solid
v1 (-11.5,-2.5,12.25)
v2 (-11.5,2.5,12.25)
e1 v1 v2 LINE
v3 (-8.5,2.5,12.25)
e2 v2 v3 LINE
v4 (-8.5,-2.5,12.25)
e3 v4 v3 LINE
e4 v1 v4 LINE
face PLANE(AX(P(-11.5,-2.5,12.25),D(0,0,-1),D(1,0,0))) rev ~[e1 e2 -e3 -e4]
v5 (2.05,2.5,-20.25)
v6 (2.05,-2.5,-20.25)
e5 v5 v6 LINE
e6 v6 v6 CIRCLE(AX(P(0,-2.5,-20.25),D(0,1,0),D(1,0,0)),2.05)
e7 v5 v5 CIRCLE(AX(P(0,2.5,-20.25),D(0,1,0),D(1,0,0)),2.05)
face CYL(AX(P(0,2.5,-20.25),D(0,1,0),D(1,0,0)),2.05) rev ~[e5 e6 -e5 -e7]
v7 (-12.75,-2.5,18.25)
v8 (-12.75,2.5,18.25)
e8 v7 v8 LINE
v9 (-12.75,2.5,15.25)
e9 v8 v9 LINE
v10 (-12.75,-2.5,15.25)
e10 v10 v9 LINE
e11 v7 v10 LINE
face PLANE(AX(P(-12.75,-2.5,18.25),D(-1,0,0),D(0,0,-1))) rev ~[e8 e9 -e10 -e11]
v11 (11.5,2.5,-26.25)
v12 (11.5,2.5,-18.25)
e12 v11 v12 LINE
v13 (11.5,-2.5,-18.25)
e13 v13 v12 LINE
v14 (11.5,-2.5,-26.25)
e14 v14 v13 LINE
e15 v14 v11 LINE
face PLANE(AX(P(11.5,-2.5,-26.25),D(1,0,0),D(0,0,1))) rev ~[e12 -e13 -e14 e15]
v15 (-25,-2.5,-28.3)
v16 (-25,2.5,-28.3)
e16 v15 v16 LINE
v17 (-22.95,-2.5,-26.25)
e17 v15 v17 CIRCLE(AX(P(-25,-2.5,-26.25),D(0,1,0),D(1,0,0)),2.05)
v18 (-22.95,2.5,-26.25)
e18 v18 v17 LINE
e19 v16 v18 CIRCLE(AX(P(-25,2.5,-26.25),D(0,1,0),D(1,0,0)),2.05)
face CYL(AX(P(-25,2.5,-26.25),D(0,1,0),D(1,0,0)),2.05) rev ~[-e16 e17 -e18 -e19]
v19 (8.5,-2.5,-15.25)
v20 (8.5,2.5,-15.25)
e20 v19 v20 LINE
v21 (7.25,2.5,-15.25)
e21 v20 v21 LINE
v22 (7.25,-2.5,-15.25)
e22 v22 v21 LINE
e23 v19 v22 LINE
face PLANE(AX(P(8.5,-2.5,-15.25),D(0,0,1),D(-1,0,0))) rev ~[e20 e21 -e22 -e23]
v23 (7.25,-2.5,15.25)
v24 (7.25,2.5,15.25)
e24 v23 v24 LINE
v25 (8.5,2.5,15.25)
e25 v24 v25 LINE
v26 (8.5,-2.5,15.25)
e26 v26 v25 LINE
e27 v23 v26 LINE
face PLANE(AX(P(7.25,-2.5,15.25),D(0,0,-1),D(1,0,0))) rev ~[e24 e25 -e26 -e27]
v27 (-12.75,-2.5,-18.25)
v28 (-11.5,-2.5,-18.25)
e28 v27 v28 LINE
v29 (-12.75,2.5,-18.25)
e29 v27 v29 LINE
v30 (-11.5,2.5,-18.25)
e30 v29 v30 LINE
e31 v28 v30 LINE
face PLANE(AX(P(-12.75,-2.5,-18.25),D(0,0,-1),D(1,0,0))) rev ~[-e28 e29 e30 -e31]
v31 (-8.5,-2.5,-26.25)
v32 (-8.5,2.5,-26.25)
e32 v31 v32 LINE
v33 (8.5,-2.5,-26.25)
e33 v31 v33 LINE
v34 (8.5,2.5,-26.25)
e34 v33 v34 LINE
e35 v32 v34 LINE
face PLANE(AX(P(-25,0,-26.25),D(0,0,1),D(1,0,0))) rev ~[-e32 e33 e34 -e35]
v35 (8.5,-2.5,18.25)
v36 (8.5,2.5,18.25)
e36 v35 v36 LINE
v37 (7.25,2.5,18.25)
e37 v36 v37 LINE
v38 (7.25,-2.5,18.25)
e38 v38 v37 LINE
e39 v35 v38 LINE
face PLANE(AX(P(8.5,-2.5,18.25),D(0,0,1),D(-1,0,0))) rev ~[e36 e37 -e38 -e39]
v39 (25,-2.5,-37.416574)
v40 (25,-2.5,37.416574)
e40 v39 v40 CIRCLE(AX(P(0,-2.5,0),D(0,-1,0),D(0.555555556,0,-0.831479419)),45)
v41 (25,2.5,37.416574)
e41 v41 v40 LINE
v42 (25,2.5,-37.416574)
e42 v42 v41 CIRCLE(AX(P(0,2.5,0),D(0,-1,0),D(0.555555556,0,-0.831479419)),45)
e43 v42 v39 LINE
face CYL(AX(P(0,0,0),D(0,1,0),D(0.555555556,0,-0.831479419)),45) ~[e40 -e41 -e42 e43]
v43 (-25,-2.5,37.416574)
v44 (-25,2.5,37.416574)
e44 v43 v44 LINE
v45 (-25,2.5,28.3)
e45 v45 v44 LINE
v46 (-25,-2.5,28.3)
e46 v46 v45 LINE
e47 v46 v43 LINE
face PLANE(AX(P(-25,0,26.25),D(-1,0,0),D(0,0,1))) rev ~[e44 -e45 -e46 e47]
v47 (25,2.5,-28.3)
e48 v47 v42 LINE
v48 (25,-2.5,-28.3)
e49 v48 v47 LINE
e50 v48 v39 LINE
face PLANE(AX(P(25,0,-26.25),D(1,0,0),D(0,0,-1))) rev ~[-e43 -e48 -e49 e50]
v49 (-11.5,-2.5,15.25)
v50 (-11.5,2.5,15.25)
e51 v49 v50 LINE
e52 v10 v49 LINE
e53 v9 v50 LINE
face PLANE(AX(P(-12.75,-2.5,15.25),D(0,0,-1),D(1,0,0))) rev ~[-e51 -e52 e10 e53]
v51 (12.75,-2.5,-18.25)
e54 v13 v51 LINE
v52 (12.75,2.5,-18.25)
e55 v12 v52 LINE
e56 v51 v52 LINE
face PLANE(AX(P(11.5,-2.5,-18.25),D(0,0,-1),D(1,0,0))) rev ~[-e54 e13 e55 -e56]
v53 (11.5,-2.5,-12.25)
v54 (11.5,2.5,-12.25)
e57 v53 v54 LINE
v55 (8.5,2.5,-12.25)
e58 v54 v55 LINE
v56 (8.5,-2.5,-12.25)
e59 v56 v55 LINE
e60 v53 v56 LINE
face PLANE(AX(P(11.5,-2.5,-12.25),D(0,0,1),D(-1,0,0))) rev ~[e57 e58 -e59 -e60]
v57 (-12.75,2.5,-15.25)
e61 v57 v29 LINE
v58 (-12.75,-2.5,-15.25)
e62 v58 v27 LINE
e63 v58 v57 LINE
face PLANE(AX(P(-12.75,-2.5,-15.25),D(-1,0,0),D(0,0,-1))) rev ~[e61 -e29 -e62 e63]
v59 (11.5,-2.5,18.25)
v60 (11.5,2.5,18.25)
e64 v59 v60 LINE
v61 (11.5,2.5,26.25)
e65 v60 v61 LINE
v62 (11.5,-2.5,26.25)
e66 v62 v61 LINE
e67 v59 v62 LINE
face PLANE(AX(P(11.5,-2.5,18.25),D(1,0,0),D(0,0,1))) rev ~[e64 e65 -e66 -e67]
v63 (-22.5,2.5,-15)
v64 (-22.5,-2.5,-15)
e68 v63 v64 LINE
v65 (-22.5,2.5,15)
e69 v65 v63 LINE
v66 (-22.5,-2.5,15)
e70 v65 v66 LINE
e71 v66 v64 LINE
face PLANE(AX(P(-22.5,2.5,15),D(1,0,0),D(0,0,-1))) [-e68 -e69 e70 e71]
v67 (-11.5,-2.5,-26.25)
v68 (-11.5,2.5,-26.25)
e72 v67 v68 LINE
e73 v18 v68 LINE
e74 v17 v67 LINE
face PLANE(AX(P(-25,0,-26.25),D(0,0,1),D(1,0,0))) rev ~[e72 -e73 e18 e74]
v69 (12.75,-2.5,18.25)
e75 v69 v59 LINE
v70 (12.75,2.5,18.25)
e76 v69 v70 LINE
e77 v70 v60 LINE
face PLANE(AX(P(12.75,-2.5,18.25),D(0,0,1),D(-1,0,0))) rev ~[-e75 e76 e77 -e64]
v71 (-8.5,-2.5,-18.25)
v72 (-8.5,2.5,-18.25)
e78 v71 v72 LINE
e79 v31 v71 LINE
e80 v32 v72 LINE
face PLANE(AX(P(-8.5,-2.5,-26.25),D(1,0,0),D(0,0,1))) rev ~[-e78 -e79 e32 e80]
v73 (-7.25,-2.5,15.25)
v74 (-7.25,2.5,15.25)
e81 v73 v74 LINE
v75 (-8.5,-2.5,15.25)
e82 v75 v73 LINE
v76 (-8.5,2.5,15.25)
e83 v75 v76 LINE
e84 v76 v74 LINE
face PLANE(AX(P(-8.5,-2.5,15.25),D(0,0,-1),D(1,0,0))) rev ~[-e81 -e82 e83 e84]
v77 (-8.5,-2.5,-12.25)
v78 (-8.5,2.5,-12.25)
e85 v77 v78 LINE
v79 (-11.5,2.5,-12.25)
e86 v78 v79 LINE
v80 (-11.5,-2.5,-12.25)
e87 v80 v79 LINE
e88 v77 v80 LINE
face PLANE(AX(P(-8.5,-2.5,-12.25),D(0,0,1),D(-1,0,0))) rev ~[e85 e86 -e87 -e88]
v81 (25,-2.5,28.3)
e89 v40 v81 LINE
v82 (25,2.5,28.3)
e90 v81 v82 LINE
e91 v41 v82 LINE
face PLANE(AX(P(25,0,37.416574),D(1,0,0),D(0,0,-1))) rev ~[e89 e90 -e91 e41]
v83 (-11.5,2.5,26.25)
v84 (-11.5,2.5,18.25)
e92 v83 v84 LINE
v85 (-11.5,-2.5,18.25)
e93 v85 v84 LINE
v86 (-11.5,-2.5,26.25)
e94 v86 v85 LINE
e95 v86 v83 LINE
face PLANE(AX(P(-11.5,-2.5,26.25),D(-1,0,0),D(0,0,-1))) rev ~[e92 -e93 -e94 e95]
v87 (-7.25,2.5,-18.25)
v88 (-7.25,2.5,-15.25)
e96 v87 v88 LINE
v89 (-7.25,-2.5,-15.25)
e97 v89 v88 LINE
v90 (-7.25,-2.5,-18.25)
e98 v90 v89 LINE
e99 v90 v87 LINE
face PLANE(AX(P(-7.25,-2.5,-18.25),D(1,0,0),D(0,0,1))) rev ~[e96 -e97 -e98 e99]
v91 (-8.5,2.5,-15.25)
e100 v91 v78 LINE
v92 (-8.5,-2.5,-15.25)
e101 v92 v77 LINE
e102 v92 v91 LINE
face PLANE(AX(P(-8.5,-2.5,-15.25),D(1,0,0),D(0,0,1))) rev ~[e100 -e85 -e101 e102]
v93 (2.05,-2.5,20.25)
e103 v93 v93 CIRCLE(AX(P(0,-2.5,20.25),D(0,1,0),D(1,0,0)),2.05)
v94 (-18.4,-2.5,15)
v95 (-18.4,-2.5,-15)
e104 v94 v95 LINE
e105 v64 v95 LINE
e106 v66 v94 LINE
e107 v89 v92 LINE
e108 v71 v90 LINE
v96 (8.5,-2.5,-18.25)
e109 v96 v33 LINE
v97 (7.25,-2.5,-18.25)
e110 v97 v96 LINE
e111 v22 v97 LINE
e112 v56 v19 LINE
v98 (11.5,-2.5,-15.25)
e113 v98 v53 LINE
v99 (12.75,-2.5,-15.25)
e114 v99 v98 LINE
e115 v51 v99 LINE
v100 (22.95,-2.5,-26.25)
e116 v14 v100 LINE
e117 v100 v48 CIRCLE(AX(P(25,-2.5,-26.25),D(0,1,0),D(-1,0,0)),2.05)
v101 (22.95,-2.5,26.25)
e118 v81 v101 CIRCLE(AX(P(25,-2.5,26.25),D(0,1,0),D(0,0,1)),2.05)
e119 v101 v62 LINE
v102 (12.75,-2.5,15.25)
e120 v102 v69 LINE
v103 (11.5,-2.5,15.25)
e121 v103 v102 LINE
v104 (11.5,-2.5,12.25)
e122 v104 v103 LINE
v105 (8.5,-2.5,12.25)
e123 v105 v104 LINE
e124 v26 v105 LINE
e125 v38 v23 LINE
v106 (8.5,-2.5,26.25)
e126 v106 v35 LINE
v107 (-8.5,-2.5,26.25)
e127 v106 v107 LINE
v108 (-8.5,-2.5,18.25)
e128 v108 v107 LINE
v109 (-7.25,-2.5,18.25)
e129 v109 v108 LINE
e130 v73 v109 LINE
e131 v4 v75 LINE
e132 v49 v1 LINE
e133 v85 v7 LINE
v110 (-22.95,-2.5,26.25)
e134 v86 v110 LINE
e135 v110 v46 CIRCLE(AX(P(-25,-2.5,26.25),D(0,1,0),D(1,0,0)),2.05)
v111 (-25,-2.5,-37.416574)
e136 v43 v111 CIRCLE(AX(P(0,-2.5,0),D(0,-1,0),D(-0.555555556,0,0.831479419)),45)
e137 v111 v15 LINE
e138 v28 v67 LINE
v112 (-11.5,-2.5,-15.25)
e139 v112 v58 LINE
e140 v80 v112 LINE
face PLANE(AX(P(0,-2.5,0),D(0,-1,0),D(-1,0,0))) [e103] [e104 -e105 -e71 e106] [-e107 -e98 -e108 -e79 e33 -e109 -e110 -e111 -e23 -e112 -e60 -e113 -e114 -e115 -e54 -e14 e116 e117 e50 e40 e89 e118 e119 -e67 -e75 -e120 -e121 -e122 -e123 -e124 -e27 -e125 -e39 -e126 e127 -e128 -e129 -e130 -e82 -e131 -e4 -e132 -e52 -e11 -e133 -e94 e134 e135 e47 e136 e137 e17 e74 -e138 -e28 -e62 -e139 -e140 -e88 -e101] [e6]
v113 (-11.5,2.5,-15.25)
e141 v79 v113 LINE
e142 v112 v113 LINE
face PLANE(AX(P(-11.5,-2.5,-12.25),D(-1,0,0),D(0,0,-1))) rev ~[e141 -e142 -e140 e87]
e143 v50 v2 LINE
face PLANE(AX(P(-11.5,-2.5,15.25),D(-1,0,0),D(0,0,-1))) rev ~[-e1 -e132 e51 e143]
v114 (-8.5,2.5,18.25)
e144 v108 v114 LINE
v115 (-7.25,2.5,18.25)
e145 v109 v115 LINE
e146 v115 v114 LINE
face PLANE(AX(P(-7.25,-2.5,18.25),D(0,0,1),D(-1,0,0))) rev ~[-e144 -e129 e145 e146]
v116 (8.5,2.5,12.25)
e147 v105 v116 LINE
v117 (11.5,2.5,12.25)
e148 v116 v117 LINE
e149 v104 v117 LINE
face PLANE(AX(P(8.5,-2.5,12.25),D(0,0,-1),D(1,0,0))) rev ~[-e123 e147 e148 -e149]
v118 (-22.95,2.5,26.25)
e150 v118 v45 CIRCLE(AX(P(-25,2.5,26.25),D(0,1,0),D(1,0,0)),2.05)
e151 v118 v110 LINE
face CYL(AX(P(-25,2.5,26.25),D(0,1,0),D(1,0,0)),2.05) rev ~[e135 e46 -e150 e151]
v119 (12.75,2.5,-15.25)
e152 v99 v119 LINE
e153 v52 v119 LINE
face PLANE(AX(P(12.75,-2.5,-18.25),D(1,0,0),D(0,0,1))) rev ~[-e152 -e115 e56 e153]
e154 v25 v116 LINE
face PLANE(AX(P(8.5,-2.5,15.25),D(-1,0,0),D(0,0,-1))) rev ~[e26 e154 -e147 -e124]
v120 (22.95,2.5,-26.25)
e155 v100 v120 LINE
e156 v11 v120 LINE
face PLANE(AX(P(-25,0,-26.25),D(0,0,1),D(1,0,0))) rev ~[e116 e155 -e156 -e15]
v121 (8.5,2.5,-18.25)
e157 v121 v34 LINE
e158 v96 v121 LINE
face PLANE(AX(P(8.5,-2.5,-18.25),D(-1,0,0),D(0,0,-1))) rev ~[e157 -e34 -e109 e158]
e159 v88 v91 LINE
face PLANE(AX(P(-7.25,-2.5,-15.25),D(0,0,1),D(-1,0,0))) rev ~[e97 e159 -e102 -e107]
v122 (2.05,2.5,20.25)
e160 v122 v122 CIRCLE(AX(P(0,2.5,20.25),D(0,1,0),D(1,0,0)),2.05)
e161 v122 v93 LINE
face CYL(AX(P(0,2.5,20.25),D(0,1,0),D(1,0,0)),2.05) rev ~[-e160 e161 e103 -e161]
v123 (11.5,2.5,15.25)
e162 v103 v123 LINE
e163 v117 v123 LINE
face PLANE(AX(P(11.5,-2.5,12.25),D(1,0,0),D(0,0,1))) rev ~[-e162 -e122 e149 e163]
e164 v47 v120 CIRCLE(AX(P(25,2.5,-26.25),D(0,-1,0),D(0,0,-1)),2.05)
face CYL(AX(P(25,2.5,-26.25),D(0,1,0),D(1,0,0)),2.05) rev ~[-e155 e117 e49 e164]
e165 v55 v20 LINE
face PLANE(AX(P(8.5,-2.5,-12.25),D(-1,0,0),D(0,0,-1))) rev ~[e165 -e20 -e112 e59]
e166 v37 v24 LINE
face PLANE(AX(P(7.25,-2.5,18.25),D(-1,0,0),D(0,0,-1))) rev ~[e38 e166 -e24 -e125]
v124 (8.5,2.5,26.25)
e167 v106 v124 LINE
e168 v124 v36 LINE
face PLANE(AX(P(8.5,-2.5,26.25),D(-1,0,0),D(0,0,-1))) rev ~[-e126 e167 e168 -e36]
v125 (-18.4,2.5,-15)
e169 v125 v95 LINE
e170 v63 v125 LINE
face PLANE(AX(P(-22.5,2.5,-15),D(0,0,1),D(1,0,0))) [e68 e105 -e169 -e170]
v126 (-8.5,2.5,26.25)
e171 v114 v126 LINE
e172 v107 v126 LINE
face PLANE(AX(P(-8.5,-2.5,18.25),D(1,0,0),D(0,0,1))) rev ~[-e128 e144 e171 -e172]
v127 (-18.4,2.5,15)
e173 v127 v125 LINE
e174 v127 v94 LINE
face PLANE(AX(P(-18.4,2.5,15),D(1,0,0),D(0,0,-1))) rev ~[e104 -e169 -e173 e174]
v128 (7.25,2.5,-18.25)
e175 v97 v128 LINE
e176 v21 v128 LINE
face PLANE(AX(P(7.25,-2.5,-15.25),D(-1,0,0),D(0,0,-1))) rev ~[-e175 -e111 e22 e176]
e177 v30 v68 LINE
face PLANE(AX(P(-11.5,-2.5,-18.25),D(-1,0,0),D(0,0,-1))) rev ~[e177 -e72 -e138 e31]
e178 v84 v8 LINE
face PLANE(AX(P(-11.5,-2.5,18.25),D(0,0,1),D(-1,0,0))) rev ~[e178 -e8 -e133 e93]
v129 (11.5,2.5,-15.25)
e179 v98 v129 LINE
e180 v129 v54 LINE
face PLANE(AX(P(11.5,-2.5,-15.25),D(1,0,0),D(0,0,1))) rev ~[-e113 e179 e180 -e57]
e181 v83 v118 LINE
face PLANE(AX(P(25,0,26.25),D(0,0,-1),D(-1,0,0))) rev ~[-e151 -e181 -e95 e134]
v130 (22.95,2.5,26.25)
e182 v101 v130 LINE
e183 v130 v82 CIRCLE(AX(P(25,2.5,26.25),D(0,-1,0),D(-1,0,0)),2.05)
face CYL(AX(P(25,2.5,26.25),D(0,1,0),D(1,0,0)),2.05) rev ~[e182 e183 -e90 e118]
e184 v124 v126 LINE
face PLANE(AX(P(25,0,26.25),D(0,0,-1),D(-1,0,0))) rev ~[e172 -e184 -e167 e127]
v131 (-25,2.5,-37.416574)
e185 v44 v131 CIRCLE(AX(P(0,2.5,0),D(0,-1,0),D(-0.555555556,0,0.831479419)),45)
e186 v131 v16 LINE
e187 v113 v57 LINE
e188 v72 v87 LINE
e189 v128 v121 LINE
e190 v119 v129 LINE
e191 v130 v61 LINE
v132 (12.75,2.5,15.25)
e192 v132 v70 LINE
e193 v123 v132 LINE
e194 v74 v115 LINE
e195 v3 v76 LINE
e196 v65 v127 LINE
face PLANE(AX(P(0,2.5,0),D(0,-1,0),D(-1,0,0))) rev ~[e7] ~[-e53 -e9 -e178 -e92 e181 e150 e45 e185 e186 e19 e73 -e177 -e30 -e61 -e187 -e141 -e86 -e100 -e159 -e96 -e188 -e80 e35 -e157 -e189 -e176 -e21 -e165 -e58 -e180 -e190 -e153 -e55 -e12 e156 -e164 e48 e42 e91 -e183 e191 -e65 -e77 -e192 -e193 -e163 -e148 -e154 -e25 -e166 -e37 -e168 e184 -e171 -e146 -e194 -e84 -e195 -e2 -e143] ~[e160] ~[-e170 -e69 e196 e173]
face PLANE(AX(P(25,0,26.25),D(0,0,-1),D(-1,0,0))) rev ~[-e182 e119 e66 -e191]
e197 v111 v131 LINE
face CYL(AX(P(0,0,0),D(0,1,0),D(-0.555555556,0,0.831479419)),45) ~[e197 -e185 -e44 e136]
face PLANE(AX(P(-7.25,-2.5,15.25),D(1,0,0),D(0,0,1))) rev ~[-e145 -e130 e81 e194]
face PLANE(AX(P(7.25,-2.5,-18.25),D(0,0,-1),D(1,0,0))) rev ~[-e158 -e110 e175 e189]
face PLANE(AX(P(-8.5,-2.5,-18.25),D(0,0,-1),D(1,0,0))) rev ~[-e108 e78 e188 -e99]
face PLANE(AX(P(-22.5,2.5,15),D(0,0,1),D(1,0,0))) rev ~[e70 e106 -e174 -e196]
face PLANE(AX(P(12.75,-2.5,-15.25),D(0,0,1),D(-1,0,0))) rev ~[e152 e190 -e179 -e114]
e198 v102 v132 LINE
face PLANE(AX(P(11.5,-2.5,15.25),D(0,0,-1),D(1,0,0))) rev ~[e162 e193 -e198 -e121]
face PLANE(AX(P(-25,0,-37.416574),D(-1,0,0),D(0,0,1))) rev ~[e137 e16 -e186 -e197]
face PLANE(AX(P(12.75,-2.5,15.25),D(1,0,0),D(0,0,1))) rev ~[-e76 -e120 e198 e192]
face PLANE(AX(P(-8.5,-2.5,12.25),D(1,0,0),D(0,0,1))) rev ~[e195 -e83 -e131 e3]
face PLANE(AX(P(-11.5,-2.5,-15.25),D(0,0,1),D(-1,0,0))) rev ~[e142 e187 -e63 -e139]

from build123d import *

# Parameters (mm, degrees)
ESTRUSIONE_ESTRUSIONE1_DEPTH = 2.5
CORTAR_EXTRUIR4_DEPTH        = 10
CROQUIS2_R                   = 2.05
CORTAR_EXTRUIR5_DEPTH        = 6
CUT_EXTRUDE1_REACH           = 7
SKETCH3_W                    = 4.1
SKETCH3_H                    = 30
CUT_EXTRUDE2_REACH           = 7
SKETCH4_R                    = 2.05


with BuildPart() as part:
    # Schizzo1 → Estrusione-Estrusione1 (new body, symmetric)
    with BuildSketch(Plane(origin=(0, 0, 0), x_dir=(1, 0, 0), z_dir=(0, 1, 0))):
        with BuildLine():
            Line((-25, 37.416573868), (-25, 26.25))
            Line((-25, 26.25), (25, 26.25))
            Line((25, 26.25), (25, 37.416573868))
            ThreePointArc((25, 37.416573868), (45, 0), (25, -37.416573868))
            Line((25, -37.416573868), (25, -26.25))
            Line((25, -26.25), (-25, -26.25))
            Line((-25, -26.25), (-25, -37.416573868))
            ThreePointArc((-25, -37.416573868), (-45, 0), (-25, 37.416573868))
        make_face()
    extrude(amount=ESTRUSIONE_ESTRUSIONE1_DEPTH, both=True)

    # Croquis1 → Cortar-Extruir4 (cut)
    with BuildSketch(Plane.XZ.offset(2.5)):
        Polygon((-8.5, 26.25), (-11.5, 26.25), (-11.5, 18.25), (-12.75, 18.25), (-12.75, 15.25), (-11.5, 15.25), (-11.5, 12.25), (-8.5, 12.25), (-8.5, 15.25), (-7.25, 15.25), (-7.25, 18.25), (-8.5, 18.25), align=None)
        Polygon((11.5, 26.25), (8.5, 26.25), (8.5, 18.25), (7.25, 18.25), (7.25, 15.25), (8.5, 15.25), (8.5, 12.25), (11.5, 12.25), (11.5, 15.25), (12.75, 15.25), (12.75, 18.25), (11.5, 18.25), align=None)
        Polygon((8.5, -12.25), (8.5, -15.25), (7.25, -15.25), (7.25, -18.25), (8.5, -18.25), (8.5, -26.25), (11.5, -26.25), (11.5, -18.25), (12.75, -18.25), (12.75, -15.25), (11.5, -15.25), (11.5, -12.25), align=None)
        Polygon((-11.5, -12.25), (-11.5, -15.25), (-12.75, -15.25), (-12.75, -18.25), (-11.5, -18.25), (-11.5, -26.25), (-8.5, -26.25), (-8.5, -18.25), (-7.25, -18.25), (-7.25, -15.25), (-8.5, -15.25), (-8.5, -12.25), align=None)
    extrude(amount=-CORTAR_EXTRUIR4_DEPTH, mode=Mode.SUBTRACT)

    # Croquis2 → Cortar-Extruir5 (cut, through all)
    with BuildSketch(Plane(origin=(0, 2.5, 0), x_dir=(1, 0, 0), z_dir=(0, 1, 0))):
        with Locations((0, 20.25)):
            Circle(CROQUIS2_R)
        with Locations((0, -20.25)):
            Circle(CROQUIS2_R)
    extrude(amount=-CORTAR_EXTRUIR5_DEPTH, mode=Mode.SUBTRACT)

    # Sketch3 → Cut-Extrude1 (cut, up to next)
    with BuildSketch(Plane(origin=(0, 2.5, 0), x_dir=(1, 0, 0), z_dir=(0, 1, 0)), mode=Mode.PRIVATE) as cut_extrude1_sk1:
        with Locations((-20.45, 0)):
            Rectangle(SKETCH3_W, SKETCH3_H)
    cut_extrude1_tool1 = extrude(cut_extrude1_sk1.sketch, amount=-CUT_EXTRUDE1_REACH, mode=Mode.PRIVATE) & part.part
    add(cut_extrude1_tool1.solids().sort_by_distance((-20.45, 2.5, 0))[0], mode=Mode.SUBTRACT)

    # Sketch4 → Cut-Extrude2 (cut, up to next)
    with BuildSketch(Plane(origin=(0, 2.5, 0), x_dir=(1, 0, 0), z_dir=(0, 1, 0)), mode=Mode.PRIVATE) as cut_extrude2_sk1:
        with Locations((-25, 26.25)):
            Circle(SKETCH4_R)
    cut_extrude2_tool1 = extrude(cut_extrude2_sk1.sketch, amount=-CUT_EXTRUDE2_REACH, mode=Mode.PRIVATE) & part.part
    add(cut_extrude2_tool1.solids().sort_by_distance((-25, 2.5, -26.25))[0], mode=Mode.SUBTRACT)
    # Sketch4 → Cut-Extrude2 (cut, up to next)
    with BuildSketch(Plane(origin=(0, 2.5, 0), x_dir=(1, 0, 0), z_dir=(0, 1, 0)), mode=Mode.PRIVATE) as cut_extrude2_sk2:
        with Locations((-25, -26.25)):
            Circle(SKETCH4_R)
    cut_extrude2_tool2 = extrude(cut_extrude2_sk2.sketch, amount=-CUT_EXTRUDE2_REACH, mode=Mode.PRIVATE) & part.part
    add(cut_extrude2_tool2.solids().sort_by_distance((-25, 2.5, 26.25))[0], mode=Mode.SUBTRACT)
    # Sketch4 → Cut-Extrude2 (cut, up to next)
    with BuildSketch(Plane(origin=(0, 2.5, 0), x_dir=(1, 0, 0), z_dir=(0, 1, 0)), mode=Mode.PRIVATE) as cut_extrude2_sk3:
        with Locations((25, -26.25)):
            Circle(SKETCH4_R)
    cut_extrude2_tool3 = extrude(cut_extrude2_sk3.sketch, amount=-CUT_EXTRUDE2_REACH, mode=Mode.PRIVATE) & part.part
    add(cut_extrude2_tool3.solids().sort_by_distance((25, 2.5, 26.25))[0], mode=Mode.SUBTRACT)
    # Sketch4 → Cut-Extrude2 (cut, up to next)
    with BuildSketch(Plane(origin=(0, 2.5, 0), x_dir=(1, 0, 0), z_dir=(0, 1, 0)), mode=Mode.PRIVATE) as cut_extrude2_sk4:
        with Locations((25, 26.25)):
            Circle(SKETCH4_R)
    cut_extrude2_tool4 = extrude(cut_extrude2_sk4.sketch, amount=-CUT_EXTRUDE2_REACH, mode=Mode.PRIVATE) & part.part
    add(cut_extrude2_tool4.solids().sort_by_distance((25, 2.5, -26.25))[0], mode=Mode.SUBTRACT)


solid = part.part
